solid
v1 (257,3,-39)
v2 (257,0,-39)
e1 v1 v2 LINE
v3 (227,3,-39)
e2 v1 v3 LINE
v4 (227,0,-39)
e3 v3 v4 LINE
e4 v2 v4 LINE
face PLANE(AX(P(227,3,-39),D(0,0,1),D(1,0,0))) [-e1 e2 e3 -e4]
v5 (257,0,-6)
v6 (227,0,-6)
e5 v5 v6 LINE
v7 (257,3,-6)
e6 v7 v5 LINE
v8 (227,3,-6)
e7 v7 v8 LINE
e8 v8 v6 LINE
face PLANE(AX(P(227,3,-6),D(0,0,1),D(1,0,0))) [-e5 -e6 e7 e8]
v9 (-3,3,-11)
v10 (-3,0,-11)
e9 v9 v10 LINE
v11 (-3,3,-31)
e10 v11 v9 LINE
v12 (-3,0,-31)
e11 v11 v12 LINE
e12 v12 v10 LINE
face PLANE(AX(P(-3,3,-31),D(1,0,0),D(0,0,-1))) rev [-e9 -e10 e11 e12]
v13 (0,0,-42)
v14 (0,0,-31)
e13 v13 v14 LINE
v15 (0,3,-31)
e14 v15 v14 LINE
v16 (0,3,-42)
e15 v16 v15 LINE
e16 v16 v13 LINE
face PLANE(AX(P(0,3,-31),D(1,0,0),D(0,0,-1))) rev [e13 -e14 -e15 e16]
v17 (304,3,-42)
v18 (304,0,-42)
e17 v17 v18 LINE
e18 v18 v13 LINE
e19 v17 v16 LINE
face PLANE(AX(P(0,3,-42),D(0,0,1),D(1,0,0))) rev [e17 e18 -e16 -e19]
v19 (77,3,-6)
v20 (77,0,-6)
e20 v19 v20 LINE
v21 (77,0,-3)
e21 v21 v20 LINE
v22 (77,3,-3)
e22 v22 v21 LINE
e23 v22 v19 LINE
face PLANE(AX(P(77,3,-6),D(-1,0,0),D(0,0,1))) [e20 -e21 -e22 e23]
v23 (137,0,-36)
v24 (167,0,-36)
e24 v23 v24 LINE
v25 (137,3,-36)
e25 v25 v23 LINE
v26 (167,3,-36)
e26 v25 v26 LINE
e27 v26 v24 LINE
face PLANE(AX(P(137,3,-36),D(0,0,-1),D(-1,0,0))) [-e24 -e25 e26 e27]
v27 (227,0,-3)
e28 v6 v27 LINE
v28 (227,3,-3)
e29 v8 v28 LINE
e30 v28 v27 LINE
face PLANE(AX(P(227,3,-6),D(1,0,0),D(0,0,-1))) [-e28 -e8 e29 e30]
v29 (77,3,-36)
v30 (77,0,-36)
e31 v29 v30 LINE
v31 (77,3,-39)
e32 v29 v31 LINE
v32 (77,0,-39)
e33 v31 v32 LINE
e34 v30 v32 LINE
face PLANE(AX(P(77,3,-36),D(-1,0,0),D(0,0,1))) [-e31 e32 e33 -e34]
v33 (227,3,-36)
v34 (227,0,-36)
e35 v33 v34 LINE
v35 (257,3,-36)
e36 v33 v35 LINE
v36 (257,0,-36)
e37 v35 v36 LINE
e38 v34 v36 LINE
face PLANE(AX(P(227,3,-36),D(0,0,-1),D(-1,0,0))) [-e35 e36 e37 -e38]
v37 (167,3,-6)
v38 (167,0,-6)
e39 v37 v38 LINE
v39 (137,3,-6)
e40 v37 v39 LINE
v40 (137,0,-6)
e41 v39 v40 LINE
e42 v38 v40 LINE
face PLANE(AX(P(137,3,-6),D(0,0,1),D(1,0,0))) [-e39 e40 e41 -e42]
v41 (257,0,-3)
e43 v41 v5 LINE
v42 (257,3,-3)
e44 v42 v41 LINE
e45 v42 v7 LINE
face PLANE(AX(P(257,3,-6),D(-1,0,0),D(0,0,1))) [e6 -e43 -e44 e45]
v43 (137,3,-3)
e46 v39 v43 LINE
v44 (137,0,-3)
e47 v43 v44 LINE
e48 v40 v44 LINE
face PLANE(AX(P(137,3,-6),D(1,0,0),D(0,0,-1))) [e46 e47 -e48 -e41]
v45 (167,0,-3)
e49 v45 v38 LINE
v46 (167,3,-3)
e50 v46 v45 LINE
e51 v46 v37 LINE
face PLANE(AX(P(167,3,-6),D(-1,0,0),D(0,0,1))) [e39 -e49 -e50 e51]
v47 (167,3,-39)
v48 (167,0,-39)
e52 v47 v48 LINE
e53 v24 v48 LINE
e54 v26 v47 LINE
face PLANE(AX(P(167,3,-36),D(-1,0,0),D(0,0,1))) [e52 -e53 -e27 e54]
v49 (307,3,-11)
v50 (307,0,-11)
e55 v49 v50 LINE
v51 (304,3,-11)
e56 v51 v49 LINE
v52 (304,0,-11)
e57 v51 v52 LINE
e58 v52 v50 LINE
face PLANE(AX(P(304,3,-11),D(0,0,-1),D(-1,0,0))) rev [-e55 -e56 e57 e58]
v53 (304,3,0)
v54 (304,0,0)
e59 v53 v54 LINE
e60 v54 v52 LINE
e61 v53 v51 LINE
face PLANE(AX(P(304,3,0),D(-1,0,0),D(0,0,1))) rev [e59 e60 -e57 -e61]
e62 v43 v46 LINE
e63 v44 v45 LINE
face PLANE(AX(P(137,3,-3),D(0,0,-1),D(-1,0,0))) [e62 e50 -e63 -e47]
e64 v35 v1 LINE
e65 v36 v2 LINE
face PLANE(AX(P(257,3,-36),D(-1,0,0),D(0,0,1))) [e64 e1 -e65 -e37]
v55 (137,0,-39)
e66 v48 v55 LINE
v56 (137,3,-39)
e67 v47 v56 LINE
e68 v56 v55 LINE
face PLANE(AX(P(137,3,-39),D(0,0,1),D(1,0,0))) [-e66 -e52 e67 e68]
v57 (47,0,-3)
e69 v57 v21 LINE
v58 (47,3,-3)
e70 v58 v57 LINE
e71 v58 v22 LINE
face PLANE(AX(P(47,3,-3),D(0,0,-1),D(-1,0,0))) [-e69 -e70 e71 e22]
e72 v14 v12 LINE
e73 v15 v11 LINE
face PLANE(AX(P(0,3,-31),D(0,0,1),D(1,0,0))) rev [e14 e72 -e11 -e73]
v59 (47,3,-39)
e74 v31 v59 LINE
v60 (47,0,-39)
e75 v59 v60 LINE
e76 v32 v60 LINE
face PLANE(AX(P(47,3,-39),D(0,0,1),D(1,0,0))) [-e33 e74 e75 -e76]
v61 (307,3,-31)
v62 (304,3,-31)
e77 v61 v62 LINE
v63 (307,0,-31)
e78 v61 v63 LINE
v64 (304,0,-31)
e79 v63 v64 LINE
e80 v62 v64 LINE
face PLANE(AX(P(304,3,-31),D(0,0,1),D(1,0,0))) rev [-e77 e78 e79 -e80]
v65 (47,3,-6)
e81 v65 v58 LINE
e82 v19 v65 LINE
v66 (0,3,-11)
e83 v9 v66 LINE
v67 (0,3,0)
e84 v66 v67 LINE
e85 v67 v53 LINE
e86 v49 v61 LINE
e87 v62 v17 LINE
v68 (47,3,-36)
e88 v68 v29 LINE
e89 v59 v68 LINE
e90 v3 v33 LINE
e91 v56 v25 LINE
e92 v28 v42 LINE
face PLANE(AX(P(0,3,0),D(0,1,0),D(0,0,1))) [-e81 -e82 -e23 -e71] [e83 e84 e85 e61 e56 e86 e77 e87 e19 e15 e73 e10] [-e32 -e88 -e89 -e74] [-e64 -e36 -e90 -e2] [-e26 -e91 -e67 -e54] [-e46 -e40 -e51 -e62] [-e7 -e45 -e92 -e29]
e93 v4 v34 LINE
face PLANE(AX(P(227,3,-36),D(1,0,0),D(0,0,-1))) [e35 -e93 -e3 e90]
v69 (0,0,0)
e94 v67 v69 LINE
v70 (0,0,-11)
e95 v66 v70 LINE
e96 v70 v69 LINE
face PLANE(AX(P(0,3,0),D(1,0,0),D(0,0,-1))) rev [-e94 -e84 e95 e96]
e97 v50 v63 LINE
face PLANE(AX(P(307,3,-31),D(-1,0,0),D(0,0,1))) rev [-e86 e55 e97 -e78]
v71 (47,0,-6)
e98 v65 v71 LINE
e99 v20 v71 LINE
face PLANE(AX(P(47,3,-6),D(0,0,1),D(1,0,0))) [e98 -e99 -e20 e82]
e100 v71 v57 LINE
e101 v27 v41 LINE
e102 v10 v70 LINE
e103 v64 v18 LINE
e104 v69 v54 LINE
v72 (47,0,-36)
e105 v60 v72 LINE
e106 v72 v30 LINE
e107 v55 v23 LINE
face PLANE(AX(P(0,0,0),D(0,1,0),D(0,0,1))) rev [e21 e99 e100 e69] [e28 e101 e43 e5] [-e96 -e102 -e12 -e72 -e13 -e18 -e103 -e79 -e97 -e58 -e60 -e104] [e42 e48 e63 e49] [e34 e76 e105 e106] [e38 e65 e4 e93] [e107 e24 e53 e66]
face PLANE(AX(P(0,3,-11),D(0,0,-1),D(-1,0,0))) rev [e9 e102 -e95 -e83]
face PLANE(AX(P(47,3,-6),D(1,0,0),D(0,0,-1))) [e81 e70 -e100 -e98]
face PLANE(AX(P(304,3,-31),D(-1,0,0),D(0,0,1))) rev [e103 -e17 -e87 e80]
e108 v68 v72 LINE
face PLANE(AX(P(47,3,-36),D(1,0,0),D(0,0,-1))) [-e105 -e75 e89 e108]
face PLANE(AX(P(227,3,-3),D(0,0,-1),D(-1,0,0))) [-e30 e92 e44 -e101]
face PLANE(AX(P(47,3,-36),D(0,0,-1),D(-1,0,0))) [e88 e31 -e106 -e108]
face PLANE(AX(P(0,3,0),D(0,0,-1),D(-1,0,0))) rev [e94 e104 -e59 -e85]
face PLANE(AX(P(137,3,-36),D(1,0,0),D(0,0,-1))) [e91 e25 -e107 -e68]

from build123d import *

# Parameters (mm, degrees)
SKETCH1_W           = 30
SKETCH1_H           = 3
BOSS_EXTRUDE1_DEPTH = 3


with BuildPart() as part:
    # Sketch1 → Boss-Extrude1 (new body)
    with BuildSketch(Plane(origin=(0, 0, 0), x_dir=(1, 0, 0), z_dir=(0, 1, 0))):
        Polygon((0, 0), (304, 0), (304, 11), (307, 11), (307, 31), (304, 31), (304, 42), (0, 42), (0, 31), (-3, 31), (-3, 11), (0, 11), align=None)
        with Locations((62, 4.5)):
            Rectangle(SKETCH1_W, SKETCH1_H, mode=Mode.SUBTRACT)
        with Locations((152, 4.5)):
            Rectangle(SKETCH1_W, SKETCH1_H, mode=Mode.SUBTRACT)
        with Locations((242, 4.5)):
            Rectangle(SKETCH1_W, SKETCH1_H, mode=Mode.SUBTRACT)
        with Locations((242, 37.5)):
            Rectangle(SKETCH1_W, SKETCH1_H, mode=Mode.SUBTRACT)
        with Locations((152, 37.5)):
            Rectangle(SKETCH1_W, SKETCH1_H, mode=Mode.SUBTRACT)
        with Locations((62, 37.5)):
            Rectangle(SKETCH1_W, SKETCH1_H, mode=Mode.SUBTRACT)
    extrude(amount=BOSS_EXTRUDE1_DEPTH)


solid = part.part
